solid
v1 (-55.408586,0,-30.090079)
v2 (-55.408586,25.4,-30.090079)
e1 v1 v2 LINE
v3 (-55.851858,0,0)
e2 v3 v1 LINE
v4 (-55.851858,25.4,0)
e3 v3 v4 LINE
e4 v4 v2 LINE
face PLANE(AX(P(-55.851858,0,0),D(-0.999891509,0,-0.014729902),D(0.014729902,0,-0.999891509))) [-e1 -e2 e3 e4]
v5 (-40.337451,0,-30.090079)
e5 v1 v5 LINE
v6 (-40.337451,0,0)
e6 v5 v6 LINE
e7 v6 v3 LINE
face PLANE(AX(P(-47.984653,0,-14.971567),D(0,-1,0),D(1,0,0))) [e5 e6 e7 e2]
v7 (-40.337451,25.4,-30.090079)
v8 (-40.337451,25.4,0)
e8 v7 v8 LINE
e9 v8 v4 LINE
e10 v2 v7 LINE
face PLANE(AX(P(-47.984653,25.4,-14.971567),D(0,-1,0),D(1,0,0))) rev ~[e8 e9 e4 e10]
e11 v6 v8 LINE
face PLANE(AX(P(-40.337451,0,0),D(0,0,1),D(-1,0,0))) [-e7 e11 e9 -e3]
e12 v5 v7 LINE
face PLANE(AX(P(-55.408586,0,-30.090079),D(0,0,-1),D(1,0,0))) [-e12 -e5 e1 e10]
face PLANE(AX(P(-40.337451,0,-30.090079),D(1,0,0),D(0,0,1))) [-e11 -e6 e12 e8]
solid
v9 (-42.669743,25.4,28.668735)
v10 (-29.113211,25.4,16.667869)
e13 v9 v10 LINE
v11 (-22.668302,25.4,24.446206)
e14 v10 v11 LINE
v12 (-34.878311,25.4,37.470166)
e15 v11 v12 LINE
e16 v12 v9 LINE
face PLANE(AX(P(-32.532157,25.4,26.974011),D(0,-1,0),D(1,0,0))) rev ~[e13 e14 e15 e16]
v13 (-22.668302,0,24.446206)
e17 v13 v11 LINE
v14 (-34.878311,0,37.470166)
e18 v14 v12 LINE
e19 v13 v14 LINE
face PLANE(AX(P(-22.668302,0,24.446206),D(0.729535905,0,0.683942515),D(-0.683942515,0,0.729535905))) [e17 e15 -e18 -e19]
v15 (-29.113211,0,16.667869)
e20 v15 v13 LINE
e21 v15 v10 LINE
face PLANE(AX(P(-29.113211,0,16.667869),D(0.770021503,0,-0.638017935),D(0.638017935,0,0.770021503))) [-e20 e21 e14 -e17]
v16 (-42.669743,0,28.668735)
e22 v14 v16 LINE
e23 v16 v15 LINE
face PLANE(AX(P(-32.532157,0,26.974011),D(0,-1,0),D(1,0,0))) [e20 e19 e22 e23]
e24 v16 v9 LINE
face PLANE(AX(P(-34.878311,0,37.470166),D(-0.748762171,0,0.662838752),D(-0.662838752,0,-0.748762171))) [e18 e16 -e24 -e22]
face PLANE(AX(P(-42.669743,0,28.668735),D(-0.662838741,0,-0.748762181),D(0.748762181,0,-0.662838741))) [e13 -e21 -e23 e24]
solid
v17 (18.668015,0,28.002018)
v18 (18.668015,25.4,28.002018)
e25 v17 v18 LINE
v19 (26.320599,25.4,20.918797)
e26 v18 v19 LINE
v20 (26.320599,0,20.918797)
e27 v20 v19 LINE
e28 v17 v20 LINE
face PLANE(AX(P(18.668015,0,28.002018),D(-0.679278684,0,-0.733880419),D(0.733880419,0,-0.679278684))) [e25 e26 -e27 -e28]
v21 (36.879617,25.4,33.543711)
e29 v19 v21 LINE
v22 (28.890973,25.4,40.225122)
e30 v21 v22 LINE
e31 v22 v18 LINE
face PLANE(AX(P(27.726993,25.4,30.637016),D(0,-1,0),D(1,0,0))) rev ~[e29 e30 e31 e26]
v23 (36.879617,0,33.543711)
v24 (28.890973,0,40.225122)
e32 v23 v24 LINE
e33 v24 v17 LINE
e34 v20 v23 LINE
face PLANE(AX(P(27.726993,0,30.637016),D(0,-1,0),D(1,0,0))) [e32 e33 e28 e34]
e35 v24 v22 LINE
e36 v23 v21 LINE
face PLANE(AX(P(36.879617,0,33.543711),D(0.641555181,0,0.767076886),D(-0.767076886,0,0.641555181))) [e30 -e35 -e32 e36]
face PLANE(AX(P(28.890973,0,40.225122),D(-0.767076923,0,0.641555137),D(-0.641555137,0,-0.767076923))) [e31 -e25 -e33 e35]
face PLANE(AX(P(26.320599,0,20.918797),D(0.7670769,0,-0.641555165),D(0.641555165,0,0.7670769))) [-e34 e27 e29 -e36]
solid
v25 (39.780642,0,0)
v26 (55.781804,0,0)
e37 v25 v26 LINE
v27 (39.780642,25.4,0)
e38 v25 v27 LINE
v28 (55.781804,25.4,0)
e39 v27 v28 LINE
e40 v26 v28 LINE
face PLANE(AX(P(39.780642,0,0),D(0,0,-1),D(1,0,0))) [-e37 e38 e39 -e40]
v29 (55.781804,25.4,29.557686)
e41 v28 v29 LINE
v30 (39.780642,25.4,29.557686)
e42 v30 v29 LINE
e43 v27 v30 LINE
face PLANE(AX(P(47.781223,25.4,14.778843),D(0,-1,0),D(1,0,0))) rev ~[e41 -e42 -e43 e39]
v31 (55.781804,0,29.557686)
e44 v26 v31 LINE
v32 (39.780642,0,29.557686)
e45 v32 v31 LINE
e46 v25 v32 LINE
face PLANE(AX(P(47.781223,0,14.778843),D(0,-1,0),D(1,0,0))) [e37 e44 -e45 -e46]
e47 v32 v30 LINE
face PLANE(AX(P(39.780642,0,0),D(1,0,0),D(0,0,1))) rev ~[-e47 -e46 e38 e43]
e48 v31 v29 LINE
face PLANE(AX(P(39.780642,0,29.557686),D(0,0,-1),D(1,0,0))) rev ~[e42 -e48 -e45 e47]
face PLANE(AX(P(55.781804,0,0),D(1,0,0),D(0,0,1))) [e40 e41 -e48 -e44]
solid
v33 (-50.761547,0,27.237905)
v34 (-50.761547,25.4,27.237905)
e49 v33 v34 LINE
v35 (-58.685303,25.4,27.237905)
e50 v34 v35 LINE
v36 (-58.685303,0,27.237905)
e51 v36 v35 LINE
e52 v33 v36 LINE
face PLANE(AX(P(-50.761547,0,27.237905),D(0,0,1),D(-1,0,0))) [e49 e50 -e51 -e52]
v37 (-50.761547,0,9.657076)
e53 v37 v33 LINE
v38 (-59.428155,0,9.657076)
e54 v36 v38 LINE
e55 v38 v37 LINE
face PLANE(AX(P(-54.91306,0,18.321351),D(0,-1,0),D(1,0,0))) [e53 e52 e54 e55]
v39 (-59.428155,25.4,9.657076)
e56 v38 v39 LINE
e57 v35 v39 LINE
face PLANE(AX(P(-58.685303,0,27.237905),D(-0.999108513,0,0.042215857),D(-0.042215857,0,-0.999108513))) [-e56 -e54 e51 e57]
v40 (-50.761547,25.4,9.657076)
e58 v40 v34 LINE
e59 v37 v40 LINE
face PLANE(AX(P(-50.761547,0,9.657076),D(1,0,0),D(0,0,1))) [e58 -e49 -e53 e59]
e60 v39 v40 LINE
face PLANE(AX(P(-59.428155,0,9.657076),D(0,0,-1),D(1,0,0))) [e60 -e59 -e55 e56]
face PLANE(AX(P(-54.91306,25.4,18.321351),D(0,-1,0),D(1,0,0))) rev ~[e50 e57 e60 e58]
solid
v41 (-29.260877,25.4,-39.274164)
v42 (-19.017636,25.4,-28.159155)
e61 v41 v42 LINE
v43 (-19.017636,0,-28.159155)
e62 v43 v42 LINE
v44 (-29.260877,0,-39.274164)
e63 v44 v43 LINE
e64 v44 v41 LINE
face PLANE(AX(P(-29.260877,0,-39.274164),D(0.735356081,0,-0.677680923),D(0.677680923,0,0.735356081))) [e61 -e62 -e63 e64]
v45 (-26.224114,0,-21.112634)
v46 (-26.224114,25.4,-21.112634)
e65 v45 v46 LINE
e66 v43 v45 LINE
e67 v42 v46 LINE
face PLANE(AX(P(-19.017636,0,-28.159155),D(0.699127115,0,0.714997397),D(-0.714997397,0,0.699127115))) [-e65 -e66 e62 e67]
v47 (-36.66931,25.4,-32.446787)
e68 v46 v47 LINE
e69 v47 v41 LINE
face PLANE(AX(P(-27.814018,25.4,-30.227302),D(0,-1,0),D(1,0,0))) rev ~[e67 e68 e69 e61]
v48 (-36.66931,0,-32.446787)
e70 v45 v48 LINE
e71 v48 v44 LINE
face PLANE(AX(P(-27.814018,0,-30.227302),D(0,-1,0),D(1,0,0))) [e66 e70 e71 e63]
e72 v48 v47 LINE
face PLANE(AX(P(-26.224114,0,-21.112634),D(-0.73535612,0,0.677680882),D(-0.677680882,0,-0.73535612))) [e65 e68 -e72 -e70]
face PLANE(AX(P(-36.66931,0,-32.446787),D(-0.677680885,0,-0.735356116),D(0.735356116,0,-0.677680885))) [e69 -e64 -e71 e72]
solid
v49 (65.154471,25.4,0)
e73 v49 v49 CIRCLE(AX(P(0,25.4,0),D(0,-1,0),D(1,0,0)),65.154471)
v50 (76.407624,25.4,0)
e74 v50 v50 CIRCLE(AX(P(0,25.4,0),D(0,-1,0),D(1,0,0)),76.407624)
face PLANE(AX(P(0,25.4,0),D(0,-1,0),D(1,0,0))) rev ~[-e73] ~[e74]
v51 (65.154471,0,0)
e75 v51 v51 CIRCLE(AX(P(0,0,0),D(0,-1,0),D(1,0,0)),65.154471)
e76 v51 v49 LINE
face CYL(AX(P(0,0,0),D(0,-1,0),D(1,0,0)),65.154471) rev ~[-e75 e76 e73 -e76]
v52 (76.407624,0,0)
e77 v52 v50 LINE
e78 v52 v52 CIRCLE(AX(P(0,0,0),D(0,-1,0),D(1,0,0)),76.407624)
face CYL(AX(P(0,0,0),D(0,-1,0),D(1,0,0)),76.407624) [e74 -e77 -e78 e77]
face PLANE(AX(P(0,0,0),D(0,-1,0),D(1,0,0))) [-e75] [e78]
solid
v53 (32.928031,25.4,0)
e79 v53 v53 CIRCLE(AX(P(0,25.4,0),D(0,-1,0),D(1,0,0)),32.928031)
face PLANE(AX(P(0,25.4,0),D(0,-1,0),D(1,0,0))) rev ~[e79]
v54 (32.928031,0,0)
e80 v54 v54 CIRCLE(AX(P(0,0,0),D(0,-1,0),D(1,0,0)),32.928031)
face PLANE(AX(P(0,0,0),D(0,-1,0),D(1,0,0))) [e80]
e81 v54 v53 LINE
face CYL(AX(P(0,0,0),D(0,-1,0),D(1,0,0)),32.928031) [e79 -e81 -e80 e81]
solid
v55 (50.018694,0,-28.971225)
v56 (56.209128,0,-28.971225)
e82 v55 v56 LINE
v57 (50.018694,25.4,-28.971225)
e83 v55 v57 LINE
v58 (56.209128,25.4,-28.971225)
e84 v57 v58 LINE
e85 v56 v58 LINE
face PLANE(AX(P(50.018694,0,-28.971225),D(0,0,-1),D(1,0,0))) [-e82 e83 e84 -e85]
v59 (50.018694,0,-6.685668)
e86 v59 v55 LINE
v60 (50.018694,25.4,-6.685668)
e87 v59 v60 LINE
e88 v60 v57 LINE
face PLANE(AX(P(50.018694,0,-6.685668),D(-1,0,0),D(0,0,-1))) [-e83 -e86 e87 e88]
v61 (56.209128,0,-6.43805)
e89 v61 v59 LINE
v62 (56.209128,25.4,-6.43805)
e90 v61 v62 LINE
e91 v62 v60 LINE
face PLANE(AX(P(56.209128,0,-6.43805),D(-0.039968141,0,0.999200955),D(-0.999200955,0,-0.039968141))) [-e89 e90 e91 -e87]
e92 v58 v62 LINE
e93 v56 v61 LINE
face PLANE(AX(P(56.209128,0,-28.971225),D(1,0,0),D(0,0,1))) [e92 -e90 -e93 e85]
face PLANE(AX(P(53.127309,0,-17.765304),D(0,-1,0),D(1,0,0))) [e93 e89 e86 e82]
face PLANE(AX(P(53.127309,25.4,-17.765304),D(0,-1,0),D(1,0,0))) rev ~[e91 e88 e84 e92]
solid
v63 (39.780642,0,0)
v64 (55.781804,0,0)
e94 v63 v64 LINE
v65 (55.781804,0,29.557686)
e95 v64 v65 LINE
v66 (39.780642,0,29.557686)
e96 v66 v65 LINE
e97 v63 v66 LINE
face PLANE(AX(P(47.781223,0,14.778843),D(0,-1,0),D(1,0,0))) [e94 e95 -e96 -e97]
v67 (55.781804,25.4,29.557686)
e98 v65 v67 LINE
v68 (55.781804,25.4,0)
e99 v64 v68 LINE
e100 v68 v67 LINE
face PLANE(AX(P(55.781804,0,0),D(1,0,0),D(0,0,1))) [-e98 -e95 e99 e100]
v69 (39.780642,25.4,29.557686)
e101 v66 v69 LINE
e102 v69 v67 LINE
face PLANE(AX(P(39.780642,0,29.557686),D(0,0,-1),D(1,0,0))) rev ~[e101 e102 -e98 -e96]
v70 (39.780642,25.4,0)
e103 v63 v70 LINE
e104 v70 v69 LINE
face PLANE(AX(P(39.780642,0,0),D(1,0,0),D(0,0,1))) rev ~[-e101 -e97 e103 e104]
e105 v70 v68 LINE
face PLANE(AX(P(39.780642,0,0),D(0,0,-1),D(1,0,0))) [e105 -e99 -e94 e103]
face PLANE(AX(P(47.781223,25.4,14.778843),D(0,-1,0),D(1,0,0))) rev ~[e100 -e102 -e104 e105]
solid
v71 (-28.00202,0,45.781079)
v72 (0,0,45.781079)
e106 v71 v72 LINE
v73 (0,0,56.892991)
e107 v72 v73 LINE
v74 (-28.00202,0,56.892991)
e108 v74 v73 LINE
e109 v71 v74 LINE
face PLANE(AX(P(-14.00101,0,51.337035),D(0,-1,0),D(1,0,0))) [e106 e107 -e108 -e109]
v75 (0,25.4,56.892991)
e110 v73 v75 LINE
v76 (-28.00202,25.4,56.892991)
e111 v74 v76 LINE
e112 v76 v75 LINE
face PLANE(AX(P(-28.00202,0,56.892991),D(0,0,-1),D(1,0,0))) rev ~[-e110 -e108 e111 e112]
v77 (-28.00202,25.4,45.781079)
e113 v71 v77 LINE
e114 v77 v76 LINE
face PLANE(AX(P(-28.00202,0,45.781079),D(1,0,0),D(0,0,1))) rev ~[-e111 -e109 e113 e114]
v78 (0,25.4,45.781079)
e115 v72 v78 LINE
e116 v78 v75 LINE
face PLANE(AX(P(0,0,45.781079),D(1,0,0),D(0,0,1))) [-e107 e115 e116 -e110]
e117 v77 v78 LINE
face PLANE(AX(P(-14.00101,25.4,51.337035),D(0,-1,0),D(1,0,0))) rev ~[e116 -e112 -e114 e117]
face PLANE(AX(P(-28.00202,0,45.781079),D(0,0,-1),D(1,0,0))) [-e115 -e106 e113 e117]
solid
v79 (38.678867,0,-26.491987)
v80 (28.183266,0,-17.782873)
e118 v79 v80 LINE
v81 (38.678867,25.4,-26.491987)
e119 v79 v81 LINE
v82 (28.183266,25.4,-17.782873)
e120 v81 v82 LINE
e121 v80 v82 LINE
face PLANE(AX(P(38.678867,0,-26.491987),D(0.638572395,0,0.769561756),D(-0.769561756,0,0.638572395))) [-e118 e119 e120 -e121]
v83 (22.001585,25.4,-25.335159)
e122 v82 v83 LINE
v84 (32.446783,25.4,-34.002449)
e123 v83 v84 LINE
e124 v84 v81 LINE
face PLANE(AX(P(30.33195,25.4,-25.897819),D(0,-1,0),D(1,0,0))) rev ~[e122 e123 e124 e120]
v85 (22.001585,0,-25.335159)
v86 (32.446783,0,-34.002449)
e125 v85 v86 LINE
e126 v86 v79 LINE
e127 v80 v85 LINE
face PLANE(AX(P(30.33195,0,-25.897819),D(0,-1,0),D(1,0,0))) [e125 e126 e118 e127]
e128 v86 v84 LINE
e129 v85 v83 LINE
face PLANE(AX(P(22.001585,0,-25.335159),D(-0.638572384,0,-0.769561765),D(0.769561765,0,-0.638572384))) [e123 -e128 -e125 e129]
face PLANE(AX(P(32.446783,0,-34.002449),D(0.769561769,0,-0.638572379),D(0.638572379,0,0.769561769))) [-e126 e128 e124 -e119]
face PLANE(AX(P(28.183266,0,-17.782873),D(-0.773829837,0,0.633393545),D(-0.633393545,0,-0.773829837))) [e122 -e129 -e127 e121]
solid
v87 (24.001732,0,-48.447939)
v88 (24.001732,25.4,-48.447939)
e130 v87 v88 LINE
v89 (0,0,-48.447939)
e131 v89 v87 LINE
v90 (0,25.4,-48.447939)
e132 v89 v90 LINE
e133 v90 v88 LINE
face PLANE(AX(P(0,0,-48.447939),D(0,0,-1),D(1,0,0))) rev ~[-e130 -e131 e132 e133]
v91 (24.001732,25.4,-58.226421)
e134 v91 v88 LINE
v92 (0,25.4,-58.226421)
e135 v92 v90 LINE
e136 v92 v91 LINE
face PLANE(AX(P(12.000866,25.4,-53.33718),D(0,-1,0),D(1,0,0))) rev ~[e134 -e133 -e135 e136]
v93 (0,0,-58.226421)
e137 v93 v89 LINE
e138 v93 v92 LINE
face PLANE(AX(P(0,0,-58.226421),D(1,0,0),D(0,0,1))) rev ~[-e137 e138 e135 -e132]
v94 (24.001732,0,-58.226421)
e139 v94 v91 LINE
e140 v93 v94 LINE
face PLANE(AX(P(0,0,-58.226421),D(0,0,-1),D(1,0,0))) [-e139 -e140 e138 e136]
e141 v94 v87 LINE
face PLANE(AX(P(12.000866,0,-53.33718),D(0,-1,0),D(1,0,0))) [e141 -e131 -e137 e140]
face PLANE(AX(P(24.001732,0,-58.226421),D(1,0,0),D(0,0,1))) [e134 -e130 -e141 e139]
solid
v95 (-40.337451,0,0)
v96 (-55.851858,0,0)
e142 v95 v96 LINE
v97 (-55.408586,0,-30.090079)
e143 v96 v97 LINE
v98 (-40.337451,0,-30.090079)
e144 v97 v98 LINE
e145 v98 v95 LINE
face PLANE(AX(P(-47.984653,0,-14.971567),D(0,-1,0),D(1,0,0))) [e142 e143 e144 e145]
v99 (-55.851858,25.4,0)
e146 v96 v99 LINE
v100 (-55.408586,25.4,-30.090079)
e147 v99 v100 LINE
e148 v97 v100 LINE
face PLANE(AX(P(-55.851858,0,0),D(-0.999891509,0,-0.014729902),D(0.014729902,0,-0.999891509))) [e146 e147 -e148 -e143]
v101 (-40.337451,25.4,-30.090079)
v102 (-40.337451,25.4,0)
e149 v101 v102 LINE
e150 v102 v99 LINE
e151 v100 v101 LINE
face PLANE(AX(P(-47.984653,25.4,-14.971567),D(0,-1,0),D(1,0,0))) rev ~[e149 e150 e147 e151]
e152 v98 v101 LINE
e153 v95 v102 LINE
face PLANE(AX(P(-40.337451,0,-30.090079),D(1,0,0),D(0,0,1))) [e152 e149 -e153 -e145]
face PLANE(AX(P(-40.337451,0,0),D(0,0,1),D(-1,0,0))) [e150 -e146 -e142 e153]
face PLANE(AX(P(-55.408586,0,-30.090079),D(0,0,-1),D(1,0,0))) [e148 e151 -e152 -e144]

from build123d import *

# Parameters (mm, degrees)
F0_R      = 76.407624
F0_R_2    = 65.154471
F1_DEPTH  = 25.4
F2_R      = 32.928031
F3_DEPTH  = 25.4
F4_W      = 16.001161
F4_H      = 29.557686
F5_DEPTH  = 25.4
F6_DEPTH  = 25.4
F7_W      = 28.00202
F7_H      = 11.111911
F8_DEPTH  = 25.4
F9_W      = 24.001732
F9_H      = 9.778481
F10_DEPTH = 25.4
F12_DEPTH = 25.4
F14_DEPTH = 25.4
F16_DEPTH = 25.4
F18_DEPTH = 25.4
F20_DEPTH = 25.4
F22_DEPTH = 25.4


with BuildPart() as f1:
    # F0 (on Front) → F1 (new body)
    with BuildSketch(Plane.XZ):
        Circle(F0_R)
        Circle(F0_R_2, mode=Mode.SUBTRACT)
    extrude(amount=-F1_DEPTH)


with BuildPart() as f3:
    # F2 (on Front) → F3 (new body)
    with BuildSketch(Plane.XZ):
        Circle(F2_R)
    extrude(amount=-F3_DEPTH)


with BuildPart() as f5:
    # F4 (on Front) → F5 (new body)
    with BuildSketch(Plane.XZ):
        Polygon((-40.337451, 0), (-55.851858, 0), (-55.408586, -30.090079), (-40.337451, -30.090079), align=None)
        with Locations((47.781223, 14.778843)):
            Rectangle(F4_W, F4_H)
    extrude(amount=-F5_DEPTH)


with BuildPart() as f6:
    # F4 (on Front) → F6 (new body)
    with BuildSketch(Plane.XZ):
        Polygon((-40.337451, 0), (-55.851858, 0), (-55.408586, -30.090079), (-40.337451, -30.090079), align=None)
        with Locations((47.781223, 14.778843)):
            Rectangle(F4_W, F4_H)
    extrude(amount=-F6_DEPTH)


with BuildPart() as f8:
    # F7 (on Front) → F8 (new body)
    with BuildSketch(Plane.XZ):
        with Locations((-14.00101, 51.337035)):
            Rectangle(F7_W, F7_H)
    extrude(amount=-F8_DEPTH)


with BuildPart() as f10:
    # F9 (on Front) → F10 (new body)
    with BuildSketch(Plane.XZ):
        with Locations((12.000866, -53.33718)):
            Rectangle(F9_W, F9_H)
    extrude(amount=-F10_DEPTH)


with BuildPart() as f12:
    # F11 (on Front) → F12 (new body)
    with BuildSketch(Plane.XZ):
        Polygon((-42.669743, 28.668735), (-29.113211, 16.667869), (-22.668302, 24.446206), (-34.878311, 37.470166), align=None)
    extrude(amount=-F12_DEPTH)


with BuildPart() as f14:
    # F13 (on Front) → F14 (new body)
    with BuildSketch(Plane.XZ):
        Polygon((28.890973, 40.225122), (18.668015, 28.002018), (26.320599, 20.918797), (36.879617, 33.543711), align=None)
    extrude(amount=-F14_DEPTH)


with BuildPart() as f16:
    # F15 (on Front) → F16 (new body)
    with BuildSketch(Plane.XZ):
        Polygon((28.183266, -17.782873), (22.001585, -25.335159), (32.446783, -34.002449), (38.678867, -26.491987), align=None)
    extrude(amount=-F16_DEPTH)


with BuildPart() as f18:
    # F17 (on Front) → F18 (new body)
    with BuildSketch(Plane.XZ):
        Polygon((-19.017636, -28.159155), (-26.224114, -21.112634), (-36.66931, -32.446787), (-29.260877, -39.274164), align=None)
    extrude(amount=-F18_DEPTH)


with BuildPart() as f20:
    # F19 (on Front) → F20 (new body)
    with BuildSketch(Plane.XZ):
        Polygon((-58.685303, 27.237905), (-59.428155, 9.657076), (-50.761547, 9.657076), (-50.761547, 27.237905), align=None)
    extrude(amount=-F20_DEPTH)


with BuildPart() as f22:
    # F21 (on Front) → F22 (new body)
    with BuildSketch(Plane.XZ):
        Polygon((56.209128, -6.43805), (50.018694, -6.685668), (50.018694, -28.971225), (56.209128, -28.971225), align=None)
    extrude(amount=-F22_DEPTH)


solid = Compound([f1.part, f3.part, f5.part, f6.part, f8.part, f10.part, f12.part, f14.part, f16.part, f18.part, f20.part, f22.part])
